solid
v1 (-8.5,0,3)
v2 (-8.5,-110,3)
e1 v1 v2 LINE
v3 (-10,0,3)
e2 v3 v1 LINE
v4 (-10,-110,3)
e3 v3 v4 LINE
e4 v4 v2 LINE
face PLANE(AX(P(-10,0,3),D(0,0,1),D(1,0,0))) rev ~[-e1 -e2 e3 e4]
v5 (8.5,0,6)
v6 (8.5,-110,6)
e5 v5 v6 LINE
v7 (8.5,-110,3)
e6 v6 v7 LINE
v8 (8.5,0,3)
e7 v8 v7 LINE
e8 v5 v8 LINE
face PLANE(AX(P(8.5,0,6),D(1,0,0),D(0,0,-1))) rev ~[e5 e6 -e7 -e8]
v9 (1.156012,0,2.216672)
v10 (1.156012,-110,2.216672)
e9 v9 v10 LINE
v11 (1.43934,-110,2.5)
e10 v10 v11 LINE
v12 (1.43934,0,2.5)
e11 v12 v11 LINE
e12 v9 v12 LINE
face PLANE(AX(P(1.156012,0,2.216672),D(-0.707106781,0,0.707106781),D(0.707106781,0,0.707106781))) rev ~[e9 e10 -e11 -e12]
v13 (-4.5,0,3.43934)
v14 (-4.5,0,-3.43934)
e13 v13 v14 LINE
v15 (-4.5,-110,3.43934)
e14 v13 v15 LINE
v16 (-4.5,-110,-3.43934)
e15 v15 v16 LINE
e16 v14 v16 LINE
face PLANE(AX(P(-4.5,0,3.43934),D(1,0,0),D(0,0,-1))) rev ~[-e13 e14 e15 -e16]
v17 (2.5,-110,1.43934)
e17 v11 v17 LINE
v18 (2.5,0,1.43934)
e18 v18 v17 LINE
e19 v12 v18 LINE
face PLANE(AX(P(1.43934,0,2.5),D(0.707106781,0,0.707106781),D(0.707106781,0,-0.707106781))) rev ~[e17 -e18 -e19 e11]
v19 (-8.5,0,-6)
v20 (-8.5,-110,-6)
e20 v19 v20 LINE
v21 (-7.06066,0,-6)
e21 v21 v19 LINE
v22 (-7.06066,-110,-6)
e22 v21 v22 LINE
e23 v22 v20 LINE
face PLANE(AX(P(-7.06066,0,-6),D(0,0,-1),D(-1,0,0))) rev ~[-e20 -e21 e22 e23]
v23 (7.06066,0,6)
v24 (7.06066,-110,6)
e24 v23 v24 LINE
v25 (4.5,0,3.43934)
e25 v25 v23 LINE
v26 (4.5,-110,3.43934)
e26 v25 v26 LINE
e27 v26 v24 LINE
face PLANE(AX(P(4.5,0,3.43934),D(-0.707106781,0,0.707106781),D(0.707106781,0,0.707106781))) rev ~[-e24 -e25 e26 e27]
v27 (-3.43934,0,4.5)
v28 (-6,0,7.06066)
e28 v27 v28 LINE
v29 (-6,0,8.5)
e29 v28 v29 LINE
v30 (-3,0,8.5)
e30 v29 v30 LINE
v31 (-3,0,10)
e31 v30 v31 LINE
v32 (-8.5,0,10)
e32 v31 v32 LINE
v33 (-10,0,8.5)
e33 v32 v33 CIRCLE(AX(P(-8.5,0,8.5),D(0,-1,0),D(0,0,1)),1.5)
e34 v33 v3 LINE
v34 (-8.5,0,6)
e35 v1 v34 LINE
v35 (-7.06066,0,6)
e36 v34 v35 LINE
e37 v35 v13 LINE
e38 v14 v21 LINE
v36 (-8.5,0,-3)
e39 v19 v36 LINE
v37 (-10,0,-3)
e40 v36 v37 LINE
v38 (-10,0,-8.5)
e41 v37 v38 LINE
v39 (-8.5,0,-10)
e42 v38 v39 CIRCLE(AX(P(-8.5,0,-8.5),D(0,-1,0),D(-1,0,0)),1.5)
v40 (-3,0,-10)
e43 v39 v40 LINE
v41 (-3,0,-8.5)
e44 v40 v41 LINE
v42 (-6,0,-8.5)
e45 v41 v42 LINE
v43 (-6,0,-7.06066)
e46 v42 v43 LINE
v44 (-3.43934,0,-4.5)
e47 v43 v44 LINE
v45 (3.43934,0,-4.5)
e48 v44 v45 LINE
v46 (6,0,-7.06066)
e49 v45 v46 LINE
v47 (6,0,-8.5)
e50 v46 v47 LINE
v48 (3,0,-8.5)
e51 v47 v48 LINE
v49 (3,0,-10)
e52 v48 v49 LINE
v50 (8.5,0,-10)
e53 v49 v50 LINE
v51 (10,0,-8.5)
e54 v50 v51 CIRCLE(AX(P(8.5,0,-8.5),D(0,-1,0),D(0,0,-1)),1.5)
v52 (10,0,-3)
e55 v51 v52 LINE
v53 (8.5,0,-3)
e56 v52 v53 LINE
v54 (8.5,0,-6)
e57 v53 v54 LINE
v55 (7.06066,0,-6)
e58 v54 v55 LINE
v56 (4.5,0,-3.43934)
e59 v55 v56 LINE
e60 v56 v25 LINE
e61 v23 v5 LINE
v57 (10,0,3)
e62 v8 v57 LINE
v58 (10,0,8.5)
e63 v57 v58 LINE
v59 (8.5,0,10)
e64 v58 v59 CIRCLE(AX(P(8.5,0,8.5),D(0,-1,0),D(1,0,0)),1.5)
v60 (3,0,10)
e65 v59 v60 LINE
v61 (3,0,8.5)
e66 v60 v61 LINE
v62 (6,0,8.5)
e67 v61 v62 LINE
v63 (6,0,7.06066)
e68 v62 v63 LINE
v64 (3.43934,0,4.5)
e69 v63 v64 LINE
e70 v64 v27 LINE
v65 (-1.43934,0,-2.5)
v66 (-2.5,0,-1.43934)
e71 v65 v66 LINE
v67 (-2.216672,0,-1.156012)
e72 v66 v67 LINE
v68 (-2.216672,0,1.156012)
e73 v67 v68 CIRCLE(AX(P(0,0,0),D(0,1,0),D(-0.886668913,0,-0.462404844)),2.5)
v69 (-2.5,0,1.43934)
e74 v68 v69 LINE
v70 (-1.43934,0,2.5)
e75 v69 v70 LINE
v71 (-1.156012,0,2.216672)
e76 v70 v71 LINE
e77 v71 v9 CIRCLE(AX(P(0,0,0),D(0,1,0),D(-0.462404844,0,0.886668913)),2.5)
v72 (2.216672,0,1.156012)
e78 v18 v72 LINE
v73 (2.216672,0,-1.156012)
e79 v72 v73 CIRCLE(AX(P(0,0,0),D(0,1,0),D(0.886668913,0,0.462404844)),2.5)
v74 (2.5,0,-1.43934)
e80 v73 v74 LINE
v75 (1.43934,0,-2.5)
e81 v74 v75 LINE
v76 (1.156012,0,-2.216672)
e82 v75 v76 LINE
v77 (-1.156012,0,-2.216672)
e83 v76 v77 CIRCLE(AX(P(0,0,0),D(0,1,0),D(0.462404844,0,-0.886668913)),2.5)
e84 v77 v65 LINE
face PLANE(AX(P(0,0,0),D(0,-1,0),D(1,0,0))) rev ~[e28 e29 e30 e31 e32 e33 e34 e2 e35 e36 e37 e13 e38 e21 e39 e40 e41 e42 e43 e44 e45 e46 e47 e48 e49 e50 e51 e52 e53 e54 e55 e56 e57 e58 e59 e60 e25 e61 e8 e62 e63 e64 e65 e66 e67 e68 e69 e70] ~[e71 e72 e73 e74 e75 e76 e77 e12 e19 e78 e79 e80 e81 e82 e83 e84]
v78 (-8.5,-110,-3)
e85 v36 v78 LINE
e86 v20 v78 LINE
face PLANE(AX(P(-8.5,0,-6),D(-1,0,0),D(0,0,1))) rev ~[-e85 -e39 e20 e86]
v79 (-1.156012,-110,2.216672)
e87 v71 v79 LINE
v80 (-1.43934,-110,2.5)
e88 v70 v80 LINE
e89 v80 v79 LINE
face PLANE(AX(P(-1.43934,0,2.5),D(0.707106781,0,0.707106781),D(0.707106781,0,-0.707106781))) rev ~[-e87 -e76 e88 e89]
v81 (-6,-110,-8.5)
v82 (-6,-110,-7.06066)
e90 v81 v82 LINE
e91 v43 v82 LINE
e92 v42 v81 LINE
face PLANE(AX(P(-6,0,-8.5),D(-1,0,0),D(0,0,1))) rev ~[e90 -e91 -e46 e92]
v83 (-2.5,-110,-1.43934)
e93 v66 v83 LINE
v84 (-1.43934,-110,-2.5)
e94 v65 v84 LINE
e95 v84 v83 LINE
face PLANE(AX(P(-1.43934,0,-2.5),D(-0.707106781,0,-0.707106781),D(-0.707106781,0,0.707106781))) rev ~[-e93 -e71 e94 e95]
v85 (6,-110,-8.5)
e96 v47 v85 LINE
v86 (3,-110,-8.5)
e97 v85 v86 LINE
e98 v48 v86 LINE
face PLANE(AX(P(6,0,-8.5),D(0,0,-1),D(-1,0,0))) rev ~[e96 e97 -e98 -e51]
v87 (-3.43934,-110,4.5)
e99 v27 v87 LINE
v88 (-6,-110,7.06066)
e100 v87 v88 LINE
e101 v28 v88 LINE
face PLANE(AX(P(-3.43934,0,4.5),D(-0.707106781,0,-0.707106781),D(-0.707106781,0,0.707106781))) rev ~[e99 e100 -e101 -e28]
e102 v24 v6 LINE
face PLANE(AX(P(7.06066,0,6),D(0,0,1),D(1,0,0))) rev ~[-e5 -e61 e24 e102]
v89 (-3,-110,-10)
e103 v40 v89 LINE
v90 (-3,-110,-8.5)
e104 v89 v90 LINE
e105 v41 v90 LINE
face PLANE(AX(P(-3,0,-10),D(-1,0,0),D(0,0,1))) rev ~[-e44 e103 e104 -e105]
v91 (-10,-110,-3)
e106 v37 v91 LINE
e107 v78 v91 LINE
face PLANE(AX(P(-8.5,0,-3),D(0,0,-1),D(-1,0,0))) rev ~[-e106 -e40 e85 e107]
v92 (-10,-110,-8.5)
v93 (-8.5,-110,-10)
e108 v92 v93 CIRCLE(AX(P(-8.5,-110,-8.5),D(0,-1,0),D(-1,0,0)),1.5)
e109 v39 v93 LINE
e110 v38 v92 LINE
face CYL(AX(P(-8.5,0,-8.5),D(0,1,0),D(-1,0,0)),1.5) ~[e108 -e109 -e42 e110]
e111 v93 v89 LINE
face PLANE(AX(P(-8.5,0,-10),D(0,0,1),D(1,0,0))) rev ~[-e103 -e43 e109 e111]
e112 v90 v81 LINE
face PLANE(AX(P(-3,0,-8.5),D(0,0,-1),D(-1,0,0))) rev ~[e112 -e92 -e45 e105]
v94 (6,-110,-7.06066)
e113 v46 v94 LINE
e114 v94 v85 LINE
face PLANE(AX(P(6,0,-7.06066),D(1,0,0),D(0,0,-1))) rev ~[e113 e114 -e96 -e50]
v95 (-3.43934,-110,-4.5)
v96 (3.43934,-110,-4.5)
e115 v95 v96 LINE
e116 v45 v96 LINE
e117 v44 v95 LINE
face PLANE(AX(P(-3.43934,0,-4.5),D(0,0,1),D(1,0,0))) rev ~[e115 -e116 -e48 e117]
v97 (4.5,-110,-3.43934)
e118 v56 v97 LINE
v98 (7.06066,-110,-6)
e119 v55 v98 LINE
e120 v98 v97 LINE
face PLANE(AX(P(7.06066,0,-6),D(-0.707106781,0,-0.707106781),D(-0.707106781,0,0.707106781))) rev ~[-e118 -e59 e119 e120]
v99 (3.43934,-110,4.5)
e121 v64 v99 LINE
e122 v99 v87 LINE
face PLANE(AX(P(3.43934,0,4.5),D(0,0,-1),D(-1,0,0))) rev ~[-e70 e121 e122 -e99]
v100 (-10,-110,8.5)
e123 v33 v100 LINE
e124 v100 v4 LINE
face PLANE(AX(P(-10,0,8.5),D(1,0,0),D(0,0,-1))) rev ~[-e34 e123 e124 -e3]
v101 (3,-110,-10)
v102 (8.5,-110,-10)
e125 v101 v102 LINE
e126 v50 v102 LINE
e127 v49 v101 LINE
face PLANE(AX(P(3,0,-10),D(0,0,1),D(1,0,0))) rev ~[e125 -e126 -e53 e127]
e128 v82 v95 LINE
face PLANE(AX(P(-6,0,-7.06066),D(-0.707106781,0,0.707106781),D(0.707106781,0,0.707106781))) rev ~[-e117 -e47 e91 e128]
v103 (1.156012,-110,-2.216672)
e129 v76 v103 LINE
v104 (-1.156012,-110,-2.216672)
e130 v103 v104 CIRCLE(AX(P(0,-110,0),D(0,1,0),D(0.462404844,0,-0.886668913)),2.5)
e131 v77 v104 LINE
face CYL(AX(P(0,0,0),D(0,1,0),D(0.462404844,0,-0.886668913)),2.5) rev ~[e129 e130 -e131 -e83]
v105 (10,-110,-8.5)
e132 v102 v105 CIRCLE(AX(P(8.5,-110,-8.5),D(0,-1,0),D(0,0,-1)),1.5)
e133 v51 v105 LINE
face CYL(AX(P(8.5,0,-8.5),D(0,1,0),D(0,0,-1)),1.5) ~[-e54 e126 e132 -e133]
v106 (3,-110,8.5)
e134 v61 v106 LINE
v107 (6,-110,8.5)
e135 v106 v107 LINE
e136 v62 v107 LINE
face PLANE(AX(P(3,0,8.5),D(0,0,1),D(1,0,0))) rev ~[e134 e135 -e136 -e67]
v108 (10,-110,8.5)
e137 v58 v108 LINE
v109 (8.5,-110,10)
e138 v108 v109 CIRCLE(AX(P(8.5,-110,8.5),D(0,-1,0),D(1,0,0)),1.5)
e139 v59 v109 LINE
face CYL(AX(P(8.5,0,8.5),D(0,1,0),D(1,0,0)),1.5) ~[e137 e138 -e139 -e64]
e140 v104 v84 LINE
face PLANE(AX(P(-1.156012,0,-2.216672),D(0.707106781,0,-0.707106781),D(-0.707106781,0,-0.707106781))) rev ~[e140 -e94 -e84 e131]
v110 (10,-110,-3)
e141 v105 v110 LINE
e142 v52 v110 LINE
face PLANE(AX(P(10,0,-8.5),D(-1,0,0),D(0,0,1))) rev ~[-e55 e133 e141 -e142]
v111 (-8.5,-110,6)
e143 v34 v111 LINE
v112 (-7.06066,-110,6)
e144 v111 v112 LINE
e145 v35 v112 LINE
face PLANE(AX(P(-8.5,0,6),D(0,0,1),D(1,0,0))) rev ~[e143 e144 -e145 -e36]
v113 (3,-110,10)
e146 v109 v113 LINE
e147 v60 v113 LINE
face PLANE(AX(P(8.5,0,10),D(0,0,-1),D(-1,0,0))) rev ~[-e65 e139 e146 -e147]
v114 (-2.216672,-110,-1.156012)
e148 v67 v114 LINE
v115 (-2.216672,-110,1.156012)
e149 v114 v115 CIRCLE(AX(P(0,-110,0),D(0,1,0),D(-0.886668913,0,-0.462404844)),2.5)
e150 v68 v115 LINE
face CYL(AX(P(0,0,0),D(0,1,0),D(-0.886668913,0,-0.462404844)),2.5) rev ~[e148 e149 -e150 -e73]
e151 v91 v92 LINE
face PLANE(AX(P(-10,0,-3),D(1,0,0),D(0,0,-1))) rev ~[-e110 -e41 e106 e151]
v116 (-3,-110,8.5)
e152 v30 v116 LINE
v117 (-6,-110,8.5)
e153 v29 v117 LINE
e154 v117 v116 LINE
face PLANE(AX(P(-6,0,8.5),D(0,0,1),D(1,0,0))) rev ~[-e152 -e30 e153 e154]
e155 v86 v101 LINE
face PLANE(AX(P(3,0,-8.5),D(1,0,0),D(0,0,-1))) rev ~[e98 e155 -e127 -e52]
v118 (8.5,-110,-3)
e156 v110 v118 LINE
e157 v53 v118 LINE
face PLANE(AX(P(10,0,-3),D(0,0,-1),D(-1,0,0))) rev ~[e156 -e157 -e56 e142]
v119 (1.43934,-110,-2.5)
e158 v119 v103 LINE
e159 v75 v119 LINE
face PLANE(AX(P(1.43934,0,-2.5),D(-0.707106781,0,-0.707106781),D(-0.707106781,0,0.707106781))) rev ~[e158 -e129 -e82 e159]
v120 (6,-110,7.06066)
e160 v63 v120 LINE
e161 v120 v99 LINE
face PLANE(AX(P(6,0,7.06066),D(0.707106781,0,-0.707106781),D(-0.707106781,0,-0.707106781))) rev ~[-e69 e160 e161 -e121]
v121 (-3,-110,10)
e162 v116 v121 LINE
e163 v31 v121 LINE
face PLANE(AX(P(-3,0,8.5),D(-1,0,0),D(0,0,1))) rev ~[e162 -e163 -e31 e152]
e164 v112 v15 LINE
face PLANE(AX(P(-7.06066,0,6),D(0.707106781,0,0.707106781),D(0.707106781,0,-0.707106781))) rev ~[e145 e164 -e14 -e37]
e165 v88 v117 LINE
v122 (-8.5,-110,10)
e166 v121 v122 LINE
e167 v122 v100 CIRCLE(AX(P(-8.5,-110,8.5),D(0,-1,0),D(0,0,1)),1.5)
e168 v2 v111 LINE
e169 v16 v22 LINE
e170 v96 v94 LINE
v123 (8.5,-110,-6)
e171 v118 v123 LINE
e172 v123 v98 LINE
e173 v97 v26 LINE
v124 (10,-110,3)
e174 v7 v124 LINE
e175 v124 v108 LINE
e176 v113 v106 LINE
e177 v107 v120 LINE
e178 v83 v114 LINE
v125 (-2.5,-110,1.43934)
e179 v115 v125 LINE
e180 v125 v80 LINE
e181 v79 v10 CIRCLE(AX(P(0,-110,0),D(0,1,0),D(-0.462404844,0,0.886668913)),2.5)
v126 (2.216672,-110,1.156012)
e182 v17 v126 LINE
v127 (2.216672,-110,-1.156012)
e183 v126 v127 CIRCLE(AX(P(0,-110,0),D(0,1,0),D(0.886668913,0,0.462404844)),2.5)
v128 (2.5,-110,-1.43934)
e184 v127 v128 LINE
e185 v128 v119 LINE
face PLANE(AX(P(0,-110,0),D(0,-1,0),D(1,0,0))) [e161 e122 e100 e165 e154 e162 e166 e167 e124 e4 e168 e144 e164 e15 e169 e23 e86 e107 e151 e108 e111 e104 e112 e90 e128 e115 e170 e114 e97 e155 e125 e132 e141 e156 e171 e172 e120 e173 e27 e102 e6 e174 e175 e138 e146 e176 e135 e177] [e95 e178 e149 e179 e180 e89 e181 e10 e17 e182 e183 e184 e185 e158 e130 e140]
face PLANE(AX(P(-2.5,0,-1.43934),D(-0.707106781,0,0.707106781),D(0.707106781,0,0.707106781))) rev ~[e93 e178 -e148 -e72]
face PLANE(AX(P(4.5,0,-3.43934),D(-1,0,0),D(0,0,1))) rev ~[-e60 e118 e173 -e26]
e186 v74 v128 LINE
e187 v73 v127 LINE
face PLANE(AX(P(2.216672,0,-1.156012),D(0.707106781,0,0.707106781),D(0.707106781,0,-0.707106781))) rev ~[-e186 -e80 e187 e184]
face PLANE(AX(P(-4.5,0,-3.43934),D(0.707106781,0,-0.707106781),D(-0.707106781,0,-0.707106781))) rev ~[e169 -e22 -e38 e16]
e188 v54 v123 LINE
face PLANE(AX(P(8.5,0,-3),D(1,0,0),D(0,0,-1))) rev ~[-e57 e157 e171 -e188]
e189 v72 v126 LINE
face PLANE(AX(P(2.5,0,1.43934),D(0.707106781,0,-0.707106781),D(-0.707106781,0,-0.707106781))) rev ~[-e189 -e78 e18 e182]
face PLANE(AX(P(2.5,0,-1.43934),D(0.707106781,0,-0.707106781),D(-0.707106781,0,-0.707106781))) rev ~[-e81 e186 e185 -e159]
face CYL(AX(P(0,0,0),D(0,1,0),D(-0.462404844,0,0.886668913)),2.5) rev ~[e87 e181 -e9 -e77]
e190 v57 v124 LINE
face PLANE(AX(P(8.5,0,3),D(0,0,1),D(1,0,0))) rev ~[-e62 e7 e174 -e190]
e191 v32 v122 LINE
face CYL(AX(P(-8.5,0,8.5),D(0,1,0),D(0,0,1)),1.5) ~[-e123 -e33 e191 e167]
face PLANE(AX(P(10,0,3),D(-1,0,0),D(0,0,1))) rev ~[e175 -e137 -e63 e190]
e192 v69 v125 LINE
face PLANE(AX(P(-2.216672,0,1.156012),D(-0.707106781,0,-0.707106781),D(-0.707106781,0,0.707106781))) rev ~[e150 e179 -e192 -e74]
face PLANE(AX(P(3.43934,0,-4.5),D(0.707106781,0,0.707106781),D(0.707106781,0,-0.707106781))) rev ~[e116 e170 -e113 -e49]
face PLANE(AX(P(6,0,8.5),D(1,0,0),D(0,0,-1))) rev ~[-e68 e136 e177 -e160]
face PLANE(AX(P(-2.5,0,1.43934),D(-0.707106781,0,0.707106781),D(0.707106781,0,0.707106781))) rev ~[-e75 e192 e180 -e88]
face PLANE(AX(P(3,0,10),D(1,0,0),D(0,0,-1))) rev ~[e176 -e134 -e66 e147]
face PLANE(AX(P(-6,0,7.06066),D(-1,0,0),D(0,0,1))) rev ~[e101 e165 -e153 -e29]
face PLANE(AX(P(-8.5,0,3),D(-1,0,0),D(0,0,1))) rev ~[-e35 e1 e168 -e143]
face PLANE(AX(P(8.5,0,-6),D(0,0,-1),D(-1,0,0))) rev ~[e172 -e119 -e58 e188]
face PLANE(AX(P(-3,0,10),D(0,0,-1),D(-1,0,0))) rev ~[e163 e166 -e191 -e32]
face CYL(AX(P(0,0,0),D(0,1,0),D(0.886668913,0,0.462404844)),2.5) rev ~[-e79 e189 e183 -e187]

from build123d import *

# Parameters (mm, degrees)
F1_DEPTH = 110


with BuildPart() as f1:
    # F0 (on Front) → F1 (new body)
    with BuildSketch(Plane.XZ):
        with BuildLine():
            Line((3, -10), (8.5, -10))
            ThreePointArc((8.5, -10), (9.5606601718, -9.5606601718), (10, -8.5))
            Line((10, -8.5), (10, -3))
            Line((10, -3), (8.5, -3))
            Line((8.5, -3), (8.5, -6))
            Line((8.5, -6), (7.0606601718, -6))
            Line((7.0606601718, -6), (4.5, -3.4393398282))
            Line((4.5, -3.4393398282), (4.5, 3.4393398282))
            Line((4.5, 3.4393398282), (7.0606601718, 6))
            Line((7.0606601718, 6), (8.5, 6))
            Line((8.5, 6), (8.5, 3))
            Line((8.5, 3), (10, 3))
            Line((10, 3), (10, 8.5))
            ThreePointArc((10, 8.5), (9.5606601718, 9.5606601718), (8.5, 10))
            Line((8.5, 10), (3, 10))
            Line((3, 10), (3, 8.5))
            Line((3, 8.5), (6, 8.5))
            Line((6, 8.5), (6, 7.0606601718))
            Line((6, 7.0606601718), (3.4393398282, 4.5))
            Line((3.4393398282, 4.5), (-3.4393398282, 4.5))
            Line((-3.4393398282, 4.5), (-6, 7.0606601718))
            Line((-6, 7.0606601718), (-6, 8.5))
            Line((-6, 8.5), (-3, 8.5))
            Line((-3, 8.5), (-3, 10))
            Line((-3, 10), (-8.5, 10))
            ThreePointArc((-8.5, 10), (-9.5606601718, 9.5606601718), (-10, 8.5))
            Line((-10, 8.5), (-10, 3))
            Line((-10, 3), (-8.5, 3))
            Line((-8.5, 3), (-8.5, 6))
            Line((-8.5, 6), (-7.0606601718, 6))
            Line((-7.0606601718, 6), (-4.5, 3.4393398282))
            Line((-4.5, 3.4393398282), (-4.5, -3.4393398282))
            Line((-4.5, -3.4393398282), (-7.0606601718, -6))
            Line((-7.0606601718, -6), (-8.5, -6))
            Line((-8.5, -6), (-8.5, -3))
            Line((-8.5, -3), (-10, -3))
            Line((-10, -3), (-10, -8.5))
            ThreePointArc((-10, -8.5), (-9.5606601718, -9.5606601718), (-8.5, -10))
            Line((-8.5, -10), (-3, -10))
            Line((-3, -10), (-3, -8.5))
            Line((-3, -8.5), (-6, -8.5))
            Line((-6, -8.5), (-6, -7.0606601718))
            Line((-6, -7.0606601718), (-3.4393398282, -4.5))
            Line((-3.4393398282, -4.5), (3.4393398282, -4.5))
            Line((3.4393398282, -4.5), (6, -7.0606601718))
            Line((6, -7.0606601718), (6, -8.5))
            Line((6, -8.5), (3, -8.5))
            Line((3, -8.5), (3, -10))
        make_face()
        with BuildLine():
            ThreePointArc((-1.1560121095, 2.2166722813), (0, 2.5), (1.1560121095, 2.2166722813))
            Line((1.1560121095, 2.2166722813), (1.4393398282, 2.5))
            Line((1.4393398282, 2.5), (2.5, 1.4393398282))
            Line((2.5, 1.4393398282), (2.2166722813, 1.1560121095))
            ThreePointArc((2.2166722813, 1.1560121095), (2.5, 0), (2.2166722813, -1.1560121095))
            Line((2.2166722813, -1.1560121095), (2.5, -1.4393398282))
            Line((2.5, -1.4393398282), (1.4393398282, -2.5))
            Line((1.4393398282, -2.5), (1.1560121095, -2.2166722813))
            ThreePointArc((1.1560121095, -2.2166722813), (0, -2.5), (-1.1560121095, -2.2166722813))
            Line((-1.1560121095, -2.2166722813), (-1.4393398282, -2.5))
            Line((-1.4393398282, -2.5), (-2.5, -1.4393398282))
            Line((-2.5, -1.4393398282), (-2.2166722813, -1.1560121095))
            ThreePointArc((-2.2166722813, -1.1560121095), (-2.5, 0), (-2.2166722813, 1.1560121095))
            Line((-2.2166722813, 1.1560121095), (-2.5, 1.4393398282))
            Line((-2.5, 1.4393398282), (-1.4393398282, 2.5))
            Line((-1.4393398282, 2.5), (-1.1560121095, 2.2166722813))
        make_face(mode=Mode.SUBTRACT)
    extrude(amount=F1_DEPTH)


solid = f1.part
